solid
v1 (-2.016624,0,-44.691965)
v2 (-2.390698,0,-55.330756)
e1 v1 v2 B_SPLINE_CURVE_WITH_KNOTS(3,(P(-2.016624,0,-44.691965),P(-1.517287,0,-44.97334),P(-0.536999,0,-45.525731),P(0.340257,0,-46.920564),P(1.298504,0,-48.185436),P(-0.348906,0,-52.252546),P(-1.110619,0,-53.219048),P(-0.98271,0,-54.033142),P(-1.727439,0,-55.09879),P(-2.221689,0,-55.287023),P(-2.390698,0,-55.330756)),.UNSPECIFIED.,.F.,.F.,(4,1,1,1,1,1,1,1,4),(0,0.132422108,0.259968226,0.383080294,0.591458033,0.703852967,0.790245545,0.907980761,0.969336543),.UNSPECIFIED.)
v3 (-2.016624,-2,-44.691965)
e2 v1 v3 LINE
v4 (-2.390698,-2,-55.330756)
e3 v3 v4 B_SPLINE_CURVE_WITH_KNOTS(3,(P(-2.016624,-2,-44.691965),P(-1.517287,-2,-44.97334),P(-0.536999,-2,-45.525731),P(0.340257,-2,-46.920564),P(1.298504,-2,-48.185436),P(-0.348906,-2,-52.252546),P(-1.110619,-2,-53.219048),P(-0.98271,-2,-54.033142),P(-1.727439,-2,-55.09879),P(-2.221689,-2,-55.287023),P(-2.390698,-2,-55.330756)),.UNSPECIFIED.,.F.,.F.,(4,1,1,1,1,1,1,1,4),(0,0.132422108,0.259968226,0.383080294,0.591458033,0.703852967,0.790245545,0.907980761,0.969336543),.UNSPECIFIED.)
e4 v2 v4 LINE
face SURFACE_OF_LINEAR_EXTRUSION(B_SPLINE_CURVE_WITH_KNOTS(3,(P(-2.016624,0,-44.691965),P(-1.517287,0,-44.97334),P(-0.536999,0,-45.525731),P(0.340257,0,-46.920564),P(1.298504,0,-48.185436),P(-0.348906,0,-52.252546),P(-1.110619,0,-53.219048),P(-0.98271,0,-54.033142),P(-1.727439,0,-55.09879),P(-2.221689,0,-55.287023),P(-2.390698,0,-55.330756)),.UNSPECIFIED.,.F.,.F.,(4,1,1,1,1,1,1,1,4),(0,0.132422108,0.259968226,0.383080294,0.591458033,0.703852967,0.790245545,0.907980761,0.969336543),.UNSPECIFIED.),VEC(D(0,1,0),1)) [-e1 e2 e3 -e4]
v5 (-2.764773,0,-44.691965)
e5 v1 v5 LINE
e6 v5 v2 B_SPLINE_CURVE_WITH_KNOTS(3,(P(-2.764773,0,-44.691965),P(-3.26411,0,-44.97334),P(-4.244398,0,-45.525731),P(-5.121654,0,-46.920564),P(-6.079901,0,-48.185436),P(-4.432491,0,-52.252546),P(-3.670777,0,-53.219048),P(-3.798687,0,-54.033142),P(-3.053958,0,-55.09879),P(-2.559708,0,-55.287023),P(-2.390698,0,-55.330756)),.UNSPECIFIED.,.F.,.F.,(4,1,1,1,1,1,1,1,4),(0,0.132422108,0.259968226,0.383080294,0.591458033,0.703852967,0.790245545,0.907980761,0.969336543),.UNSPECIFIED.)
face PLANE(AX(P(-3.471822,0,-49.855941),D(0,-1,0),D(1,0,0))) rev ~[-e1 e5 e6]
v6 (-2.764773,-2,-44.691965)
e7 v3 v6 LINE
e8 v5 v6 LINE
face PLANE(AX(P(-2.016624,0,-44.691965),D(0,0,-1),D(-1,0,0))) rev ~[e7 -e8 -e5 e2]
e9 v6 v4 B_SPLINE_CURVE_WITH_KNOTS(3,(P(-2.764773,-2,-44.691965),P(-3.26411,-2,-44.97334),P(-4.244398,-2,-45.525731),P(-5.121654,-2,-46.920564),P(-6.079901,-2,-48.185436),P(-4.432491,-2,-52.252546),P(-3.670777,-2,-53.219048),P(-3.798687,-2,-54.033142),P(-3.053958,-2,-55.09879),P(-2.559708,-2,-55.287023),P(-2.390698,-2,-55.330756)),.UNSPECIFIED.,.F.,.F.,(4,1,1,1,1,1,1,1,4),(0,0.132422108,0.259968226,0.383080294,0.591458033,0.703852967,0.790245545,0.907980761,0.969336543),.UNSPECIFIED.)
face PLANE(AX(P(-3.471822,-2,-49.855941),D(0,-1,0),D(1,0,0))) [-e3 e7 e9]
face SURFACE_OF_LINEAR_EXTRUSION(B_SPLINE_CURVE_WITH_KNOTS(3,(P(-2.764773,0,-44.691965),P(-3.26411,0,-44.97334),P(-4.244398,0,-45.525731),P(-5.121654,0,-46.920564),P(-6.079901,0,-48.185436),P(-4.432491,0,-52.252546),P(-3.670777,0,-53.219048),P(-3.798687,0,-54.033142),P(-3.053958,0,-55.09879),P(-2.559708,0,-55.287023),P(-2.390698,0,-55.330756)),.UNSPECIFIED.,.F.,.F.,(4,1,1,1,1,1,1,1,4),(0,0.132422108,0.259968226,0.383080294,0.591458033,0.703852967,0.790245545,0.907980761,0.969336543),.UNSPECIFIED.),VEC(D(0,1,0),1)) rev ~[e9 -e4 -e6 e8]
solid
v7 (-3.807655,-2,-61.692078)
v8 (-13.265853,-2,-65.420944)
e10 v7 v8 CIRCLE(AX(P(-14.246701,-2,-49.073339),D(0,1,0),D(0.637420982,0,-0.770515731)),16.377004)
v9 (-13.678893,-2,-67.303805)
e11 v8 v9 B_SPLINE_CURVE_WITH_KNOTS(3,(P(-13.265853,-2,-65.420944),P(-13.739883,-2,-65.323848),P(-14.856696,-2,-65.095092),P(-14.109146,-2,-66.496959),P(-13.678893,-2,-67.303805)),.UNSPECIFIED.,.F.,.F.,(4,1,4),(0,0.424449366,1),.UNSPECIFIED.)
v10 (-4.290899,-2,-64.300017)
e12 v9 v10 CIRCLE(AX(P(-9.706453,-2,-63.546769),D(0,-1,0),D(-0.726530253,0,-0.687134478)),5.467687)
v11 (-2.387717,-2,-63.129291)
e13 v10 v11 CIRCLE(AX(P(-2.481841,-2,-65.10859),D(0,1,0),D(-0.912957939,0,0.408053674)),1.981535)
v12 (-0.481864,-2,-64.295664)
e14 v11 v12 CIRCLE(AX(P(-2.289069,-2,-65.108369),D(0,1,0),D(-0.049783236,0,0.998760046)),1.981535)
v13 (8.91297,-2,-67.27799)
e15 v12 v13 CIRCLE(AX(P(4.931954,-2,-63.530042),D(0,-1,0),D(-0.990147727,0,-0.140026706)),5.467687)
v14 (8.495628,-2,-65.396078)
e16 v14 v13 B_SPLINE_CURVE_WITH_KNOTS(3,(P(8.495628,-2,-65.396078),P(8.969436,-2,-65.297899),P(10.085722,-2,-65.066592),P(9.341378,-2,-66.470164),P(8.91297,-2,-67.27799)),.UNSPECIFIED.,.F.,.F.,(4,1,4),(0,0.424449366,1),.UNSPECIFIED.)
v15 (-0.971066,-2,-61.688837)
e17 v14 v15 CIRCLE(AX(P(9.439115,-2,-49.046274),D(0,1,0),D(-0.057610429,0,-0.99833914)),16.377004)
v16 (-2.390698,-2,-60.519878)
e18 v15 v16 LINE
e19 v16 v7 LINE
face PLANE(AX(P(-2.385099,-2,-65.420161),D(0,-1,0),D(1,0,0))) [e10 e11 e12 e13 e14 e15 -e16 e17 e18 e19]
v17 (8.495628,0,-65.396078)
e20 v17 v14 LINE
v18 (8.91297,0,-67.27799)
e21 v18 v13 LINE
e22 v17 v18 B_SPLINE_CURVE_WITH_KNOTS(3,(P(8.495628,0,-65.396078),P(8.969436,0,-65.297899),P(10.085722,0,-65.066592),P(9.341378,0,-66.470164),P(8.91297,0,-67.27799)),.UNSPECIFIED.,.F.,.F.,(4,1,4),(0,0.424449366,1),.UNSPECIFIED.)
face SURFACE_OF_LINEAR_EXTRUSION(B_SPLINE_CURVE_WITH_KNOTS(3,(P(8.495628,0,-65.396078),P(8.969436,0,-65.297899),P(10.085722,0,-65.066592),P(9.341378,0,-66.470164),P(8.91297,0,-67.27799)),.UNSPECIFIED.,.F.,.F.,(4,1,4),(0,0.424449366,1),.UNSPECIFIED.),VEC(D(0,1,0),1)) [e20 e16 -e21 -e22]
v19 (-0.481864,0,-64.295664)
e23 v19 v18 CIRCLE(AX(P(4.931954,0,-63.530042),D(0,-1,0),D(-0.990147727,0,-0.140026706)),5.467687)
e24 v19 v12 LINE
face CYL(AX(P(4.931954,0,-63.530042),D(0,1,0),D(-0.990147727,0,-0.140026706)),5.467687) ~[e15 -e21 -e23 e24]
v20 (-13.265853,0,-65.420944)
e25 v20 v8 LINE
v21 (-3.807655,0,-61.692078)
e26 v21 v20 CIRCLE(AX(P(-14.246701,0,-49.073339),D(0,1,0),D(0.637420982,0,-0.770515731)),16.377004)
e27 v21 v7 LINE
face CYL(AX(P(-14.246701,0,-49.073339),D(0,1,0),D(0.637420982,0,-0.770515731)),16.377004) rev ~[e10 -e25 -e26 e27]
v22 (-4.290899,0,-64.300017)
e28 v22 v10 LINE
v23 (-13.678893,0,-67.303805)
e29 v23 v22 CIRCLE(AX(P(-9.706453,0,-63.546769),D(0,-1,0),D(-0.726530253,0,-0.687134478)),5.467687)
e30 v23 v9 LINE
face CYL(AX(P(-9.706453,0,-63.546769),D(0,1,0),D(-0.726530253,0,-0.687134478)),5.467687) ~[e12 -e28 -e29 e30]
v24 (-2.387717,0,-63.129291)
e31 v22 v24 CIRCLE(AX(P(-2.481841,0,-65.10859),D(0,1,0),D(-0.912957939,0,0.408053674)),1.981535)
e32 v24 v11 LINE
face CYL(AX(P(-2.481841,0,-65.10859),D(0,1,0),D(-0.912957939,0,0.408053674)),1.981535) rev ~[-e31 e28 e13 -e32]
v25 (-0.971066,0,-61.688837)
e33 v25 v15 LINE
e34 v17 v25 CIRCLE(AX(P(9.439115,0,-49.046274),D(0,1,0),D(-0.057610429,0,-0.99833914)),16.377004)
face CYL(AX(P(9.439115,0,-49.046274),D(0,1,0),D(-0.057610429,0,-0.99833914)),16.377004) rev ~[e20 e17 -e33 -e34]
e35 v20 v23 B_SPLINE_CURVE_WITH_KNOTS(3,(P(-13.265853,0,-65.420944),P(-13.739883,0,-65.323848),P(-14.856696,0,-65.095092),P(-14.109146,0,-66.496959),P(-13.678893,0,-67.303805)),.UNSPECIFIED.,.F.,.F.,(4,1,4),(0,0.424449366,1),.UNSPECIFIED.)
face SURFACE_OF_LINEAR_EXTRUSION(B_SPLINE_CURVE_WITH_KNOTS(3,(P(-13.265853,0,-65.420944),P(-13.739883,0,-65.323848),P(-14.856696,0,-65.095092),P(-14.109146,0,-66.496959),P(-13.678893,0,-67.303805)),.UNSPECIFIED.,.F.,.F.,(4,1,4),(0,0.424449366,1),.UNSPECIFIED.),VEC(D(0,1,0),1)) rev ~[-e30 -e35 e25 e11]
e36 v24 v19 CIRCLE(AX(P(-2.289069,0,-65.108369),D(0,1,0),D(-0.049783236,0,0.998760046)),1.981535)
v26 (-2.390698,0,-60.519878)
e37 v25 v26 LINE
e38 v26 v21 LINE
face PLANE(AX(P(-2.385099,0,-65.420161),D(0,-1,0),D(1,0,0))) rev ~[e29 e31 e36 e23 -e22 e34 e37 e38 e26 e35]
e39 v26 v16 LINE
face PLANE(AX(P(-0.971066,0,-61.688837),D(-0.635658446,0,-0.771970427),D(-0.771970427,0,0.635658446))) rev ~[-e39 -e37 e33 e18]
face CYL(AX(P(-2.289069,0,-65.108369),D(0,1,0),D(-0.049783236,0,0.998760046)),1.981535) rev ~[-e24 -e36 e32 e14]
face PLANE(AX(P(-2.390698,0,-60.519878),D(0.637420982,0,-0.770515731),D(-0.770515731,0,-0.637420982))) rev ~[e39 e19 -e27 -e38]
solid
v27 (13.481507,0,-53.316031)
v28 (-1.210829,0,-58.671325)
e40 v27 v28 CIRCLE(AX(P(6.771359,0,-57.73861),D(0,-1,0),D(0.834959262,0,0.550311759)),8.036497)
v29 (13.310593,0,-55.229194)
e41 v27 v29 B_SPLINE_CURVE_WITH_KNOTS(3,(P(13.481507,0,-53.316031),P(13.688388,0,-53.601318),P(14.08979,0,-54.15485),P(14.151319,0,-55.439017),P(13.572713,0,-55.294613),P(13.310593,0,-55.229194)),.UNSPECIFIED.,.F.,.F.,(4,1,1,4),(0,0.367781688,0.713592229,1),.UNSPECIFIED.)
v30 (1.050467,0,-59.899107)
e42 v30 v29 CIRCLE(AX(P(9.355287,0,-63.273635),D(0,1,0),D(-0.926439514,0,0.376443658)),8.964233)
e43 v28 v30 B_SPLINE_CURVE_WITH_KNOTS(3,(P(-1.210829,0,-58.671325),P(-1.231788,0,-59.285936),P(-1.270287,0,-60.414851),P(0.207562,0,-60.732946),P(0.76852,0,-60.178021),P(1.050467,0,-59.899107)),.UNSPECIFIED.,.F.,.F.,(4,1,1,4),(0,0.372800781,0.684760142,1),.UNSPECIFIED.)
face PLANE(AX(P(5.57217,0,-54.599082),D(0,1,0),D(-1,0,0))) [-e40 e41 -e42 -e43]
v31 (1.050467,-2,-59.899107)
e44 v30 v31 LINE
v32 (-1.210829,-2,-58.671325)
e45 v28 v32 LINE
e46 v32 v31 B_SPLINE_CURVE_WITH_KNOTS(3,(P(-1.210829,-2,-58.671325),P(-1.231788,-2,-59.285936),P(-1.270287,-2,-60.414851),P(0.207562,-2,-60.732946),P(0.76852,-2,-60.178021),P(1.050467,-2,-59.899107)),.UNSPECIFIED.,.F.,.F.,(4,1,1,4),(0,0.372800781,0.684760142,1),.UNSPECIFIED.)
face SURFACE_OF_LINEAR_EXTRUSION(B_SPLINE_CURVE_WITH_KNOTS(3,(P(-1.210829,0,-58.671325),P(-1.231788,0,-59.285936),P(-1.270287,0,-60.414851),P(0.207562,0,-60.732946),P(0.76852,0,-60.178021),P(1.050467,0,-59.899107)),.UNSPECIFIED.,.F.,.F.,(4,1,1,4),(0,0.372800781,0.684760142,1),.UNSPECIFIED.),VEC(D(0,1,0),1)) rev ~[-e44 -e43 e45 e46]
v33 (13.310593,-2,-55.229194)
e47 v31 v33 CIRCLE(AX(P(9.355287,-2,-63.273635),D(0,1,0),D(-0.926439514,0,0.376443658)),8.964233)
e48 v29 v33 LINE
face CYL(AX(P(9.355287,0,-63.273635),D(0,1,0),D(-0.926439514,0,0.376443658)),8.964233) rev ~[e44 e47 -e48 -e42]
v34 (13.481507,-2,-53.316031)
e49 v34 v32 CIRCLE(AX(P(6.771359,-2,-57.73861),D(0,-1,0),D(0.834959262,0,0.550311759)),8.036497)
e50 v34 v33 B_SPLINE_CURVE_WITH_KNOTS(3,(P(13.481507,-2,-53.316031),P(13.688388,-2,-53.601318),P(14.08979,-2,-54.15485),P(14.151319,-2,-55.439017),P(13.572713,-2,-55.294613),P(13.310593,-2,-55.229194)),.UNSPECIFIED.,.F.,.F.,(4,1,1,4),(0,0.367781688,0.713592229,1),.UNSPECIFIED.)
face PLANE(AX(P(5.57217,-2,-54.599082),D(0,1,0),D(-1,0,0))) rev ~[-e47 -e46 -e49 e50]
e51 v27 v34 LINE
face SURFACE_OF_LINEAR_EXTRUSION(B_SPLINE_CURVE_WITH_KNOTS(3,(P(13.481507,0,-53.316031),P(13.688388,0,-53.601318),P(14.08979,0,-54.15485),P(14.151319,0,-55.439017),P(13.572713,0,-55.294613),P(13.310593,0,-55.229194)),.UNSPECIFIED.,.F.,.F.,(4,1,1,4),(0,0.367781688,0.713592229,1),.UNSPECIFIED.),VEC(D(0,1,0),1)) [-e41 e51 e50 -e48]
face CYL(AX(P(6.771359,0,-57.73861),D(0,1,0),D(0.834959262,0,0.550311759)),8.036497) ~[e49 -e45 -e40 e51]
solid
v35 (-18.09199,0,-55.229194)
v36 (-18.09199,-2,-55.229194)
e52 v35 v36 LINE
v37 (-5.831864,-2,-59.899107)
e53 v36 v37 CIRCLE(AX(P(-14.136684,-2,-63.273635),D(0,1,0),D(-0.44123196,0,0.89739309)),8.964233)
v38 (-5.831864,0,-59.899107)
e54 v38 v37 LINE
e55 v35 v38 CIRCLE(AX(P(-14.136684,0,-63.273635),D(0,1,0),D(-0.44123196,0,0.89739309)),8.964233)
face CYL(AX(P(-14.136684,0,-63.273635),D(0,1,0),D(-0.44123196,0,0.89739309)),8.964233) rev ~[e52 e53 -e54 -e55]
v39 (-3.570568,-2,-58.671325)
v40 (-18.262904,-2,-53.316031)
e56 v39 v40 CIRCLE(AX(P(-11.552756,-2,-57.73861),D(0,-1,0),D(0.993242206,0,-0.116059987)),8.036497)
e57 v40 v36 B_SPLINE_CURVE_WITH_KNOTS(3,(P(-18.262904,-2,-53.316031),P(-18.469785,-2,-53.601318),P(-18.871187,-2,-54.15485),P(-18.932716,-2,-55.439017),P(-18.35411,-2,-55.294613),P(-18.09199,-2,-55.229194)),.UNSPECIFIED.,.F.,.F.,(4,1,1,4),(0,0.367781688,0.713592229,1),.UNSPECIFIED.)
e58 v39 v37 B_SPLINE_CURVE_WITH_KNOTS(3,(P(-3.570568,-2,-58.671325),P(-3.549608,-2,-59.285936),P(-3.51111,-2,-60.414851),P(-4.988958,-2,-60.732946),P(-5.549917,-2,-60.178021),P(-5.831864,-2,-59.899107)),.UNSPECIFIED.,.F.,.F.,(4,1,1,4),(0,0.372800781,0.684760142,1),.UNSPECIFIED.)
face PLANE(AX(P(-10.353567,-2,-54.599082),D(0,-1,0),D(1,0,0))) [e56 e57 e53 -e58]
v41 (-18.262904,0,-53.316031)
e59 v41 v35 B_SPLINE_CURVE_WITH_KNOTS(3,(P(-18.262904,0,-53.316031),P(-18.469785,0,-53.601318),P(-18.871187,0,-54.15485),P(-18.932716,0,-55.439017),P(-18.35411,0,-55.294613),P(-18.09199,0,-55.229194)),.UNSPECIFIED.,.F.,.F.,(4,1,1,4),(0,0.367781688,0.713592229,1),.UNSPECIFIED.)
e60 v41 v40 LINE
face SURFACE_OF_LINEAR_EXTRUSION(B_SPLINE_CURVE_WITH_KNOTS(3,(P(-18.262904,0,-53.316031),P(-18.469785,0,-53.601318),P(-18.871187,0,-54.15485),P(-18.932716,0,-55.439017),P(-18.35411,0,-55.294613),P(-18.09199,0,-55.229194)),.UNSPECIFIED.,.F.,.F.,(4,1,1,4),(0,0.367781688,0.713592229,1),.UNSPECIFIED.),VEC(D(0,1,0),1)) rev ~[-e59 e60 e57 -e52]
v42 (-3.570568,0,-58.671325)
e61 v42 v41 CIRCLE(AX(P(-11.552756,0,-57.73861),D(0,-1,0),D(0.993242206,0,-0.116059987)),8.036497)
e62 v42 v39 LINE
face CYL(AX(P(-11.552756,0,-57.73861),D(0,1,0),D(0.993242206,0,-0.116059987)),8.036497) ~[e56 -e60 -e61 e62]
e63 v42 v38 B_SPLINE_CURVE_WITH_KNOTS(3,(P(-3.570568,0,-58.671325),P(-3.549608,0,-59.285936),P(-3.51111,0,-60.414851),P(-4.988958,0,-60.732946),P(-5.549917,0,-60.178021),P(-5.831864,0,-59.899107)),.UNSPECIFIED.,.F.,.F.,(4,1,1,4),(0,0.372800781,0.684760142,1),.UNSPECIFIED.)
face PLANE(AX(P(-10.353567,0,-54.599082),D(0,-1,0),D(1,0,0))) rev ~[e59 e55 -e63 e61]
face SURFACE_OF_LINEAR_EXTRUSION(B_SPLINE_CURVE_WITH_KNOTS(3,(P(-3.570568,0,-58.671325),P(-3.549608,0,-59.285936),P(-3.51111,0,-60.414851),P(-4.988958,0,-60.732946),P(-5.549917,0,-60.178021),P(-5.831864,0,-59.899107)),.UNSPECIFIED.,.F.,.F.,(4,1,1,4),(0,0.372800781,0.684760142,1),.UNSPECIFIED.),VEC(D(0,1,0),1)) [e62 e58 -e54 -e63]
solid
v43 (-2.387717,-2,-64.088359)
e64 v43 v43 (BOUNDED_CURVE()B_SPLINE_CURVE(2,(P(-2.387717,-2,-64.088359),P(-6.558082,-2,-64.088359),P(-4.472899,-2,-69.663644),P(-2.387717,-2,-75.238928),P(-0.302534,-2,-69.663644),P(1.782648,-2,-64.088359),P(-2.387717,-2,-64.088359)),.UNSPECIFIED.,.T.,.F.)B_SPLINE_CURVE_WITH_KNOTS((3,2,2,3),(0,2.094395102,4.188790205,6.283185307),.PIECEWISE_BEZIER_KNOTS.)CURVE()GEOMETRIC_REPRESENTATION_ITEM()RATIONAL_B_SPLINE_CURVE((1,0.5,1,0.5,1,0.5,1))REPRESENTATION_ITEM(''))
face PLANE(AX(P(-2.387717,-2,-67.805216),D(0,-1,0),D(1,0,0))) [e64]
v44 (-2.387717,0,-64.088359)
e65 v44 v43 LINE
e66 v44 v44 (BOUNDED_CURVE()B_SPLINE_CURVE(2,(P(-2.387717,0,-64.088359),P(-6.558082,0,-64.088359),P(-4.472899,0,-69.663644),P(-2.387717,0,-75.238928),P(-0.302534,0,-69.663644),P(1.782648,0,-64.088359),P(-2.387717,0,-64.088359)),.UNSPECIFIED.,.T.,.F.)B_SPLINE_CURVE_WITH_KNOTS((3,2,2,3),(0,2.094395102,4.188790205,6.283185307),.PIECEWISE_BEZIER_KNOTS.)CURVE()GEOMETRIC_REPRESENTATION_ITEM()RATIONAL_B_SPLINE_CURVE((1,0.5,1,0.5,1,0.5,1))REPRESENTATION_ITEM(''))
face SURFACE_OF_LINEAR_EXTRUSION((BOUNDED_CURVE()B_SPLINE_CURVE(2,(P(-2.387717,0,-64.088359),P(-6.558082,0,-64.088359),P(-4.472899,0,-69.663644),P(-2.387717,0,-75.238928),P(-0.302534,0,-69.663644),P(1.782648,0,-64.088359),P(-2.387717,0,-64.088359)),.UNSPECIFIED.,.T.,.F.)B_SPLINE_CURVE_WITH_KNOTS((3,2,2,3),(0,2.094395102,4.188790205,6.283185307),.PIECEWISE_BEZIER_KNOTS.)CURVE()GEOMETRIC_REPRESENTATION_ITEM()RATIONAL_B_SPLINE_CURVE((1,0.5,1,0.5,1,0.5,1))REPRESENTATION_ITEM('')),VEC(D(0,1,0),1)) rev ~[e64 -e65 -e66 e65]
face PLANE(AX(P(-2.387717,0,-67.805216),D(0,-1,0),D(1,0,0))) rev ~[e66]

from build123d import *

# Parameters (mm, degrees)
F1_DEPTH = 2


with BuildPart() as f1:
    # F0 (on Front) → F1 (new body)
    with BuildSketch(Plane.XZ):
        with BuildLine():
            ThreePointArc((-18.0919896811, -55.2291944623), (-10.9458235901, -54.8965303051), (-5.8318637311, -59.8991066217))
            add(Edge.make_bspline(
                [(-3.5705678165, -58.6713254452), (-3.5496082749, -59.2859355832), (-3.5111098077, -60.4148509372), (-4.9889583016, -60.732946334), (-5.5499172433, -60.1780206851), (-5.8318637311, -59.8991066217)],
                knots=[0, 0, 0, 0, 0.3728007809, 0.6847601421, 1, 1, 1, 1], degree=3))
            ThreePointArc((-3.5705678165, -58.6713254452), (-8.8006084463, -50.1880485591), (-18.2629041374, -53.3160306513))
            add(Edge.make_bspline(
                [(-18.2629041374, -53.3160306513), (-18.4697846701, -53.6013179281), (-18.8711867665, -54.1548495216), (-18.9327157142, -55.4390173228), (-18.3541098992, -55.2946126982), (-18.0919896811, -55.2291944623)],
                knots=[0, 0, 0, 0, 0.3677816877, 0.7135922288, 1, 1, 1, 1], degree=3))
        make_face()
    extrude(amount=F1_DEPTH)


with BuildPart() as f1b:
    # F0 (on Front) → F1, piece 2 (new body)
    with BuildSketch(Plane.XZ):
        with BuildLine():
            ThreePointArc((8.4956283298, -65.3960779309), (3.4673185055, -64.2956643723), (-0.9710662217, -61.688836664))
            Line((-0.9710662217, -61.688836664), (-2.3906983761, -60.5198784534))
            Line((-2.3906983761, -60.5198784534), (-3.8076553843, -61.6920779196))
            ThreePointArc((-3.8076553843, -61.6920779196), (-8.2400710963, -64.3090419325), (-13.2658529971, -65.4209438947))
            add(Edge.make_bspline(
                [(-13.2658529971, -65.4209438947), (-13.7398833858, -65.3238484522), (-14.8566959584, -65.095092209), (-14.1091456657, -66.4969594875), (-13.678892621, -67.3038050882)],
                knots=[0, 0, 0, 0, 0.4244493662, 1, 1, 1, 1], degree=3))
            ThreePointArc((-13.678892621, -67.3038050882), (-8.0402203766, -68.7543854385), (-4.2908993589, -64.3000168033))
            ThreePointArc((-4.2908993589, -64.3000168033), (-3.5200603549, -63.4208150699), (-2.3877167061, -63.1292909384))
            ThreePointArc((-2.3877167061, -63.1292909384), (-1.2547097894, -63.4182265455), (-0.4818635445, -64.2956643723))
            ThreePointArc((-0.4818635445, -64.2956643723), (3.2776273226, -68.7414529921), (8.9129698079, -67.2779902816))
            add(Edge.make_bspline(
                [(8.4956283298, -65.3960779309), (8.9694355868, -65.2978994327), (10.0857224628, -65.0665915171), (9.341377832, -66.4701635237), (8.9129698079, -67.2779902816)],
                knots=[0, 0, 0, 0, 0.4244493662, 1, 1, 1, 1], degree=3))
        make_face()
    extrude(amount=F1_DEPTH)


with BuildPart() as f1c:
    # F0 (on Front) → F1, piece 3 (new body)
    with BuildSketch(Plane.XZ):
        with BuildLine():
            Line((-2.3906983761, -44.6919649839), (-2.7647726238, -44.6919649839))
            add(Edge.make_bspline(
                [(-2.7647726238, -44.6919649839), (-3.2641099199, -44.9733404241), (-4.2443981266, -45.5257306178), (-5.121654191, -46.9205636641), (-6.0799012484, -48.1854359933), (-4.4324907097, -52.2525460687), (-3.6707774763, -53.2190479357), (-3.7986865588, -54.0331424262), (-3.0539579851, -55.098790223), (-2.5597081239, -55.2870226826), (-2.3906983761, -55.3307562244)],
                knots=[0, 0, 0, 0, 0.1324221084, 0.2599682262, 0.3830802944, 0.5914580326, 0.7038529671, 0.7902455452, 0.9079807609, 0.9693365425, 0.9693365425, 0.9693365425, 0.9693365425], degree=3))
            Line((-2.3906983761, -55.3307562244), (-2.3906983761, -44.6919649839))
        make_face()
        with BuildLine():
            Line((-2.3906983761, -44.6919649839), (-2.3906983761, -55.3307562244))
            add(Edge.make_bspline(
                [(-2.0166241284, -44.6919649839), (-1.5172868323, -44.9733404241), (-0.5369986255, -45.5257306178), (0.3402574388, -46.9205636641), (1.2985044962, -48.1854359933), (-0.3489060424, -52.2525460687), (-1.1106192759, -53.2190479357), (-0.9827101934, -54.0331424262), (-1.727438767, -55.098790223), (-2.2216886283, -55.2870226826), (-2.3906983761, -55.3307562244)],
                knots=[0, 0, 0, 0, 0.1324221084, 0.2599682262, 0.3830802944, 0.5914580326, 0.7038529671, 0.7902455452, 0.9079807609, 0.9693365425, 0.9693365425, 0.9693365425, 0.9693365425], degree=3))
            Line((-2.0166241284, -44.6919649839), (-2.3906983761, -44.6919649839))
        make_face()
    extrude(amount=F1_DEPTH)


with BuildPart() as f1d:
    # F0 (on Front) → F1, piece 4 (new body)
    with BuildSketch(Plane.XZ):
        with BuildLine():
            add(Edge.make_bspline(
                [(-2.3877167061, -64.0883594751), (-6.5580815108, -64.0883594751), (-4.4728991084, -69.663643837), (-2.3877167061, -75.2389281988), (-0.3025343037, -69.663643837), (1.7826480987, -64.0883594751), (-2.3877167061, -64.0883594751)],
                knots=[0, 0, 0, 2.0943951024, 2.0943951024, 4.1887902048, 4.1887902048, 6.2831853072, 6.2831853072, 6.2831853072], degree=2, weights=[1, 0.5, 1, 0.5, 1, 0.5, 1]))
        make_face()
    extrude(amount=F1_DEPTH)


with BuildPart() as f1e:
    # F0 (on Front) → F1, piece 5 (new body)
    with BuildSketch(Plane.XZ):
        with BuildLine():
            add(Edge.make_bspline(
                [(13.4815073852, -53.3160306513), (13.688387918, -53.6013179281), (14.0897900144, -54.1548495216), (14.1513189621, -55.4390173228), (13.5727131471, -55.2946126982), (13.310592929, -55.2291944623)],
                knots=[0, 0, 0, 0, 0.3677816877, 0.7135922288, 1, 1, 1, 1], degree=3))
            ThreePointArc((13.4815073852, -53.3160306513), (4.0192116942, -50.1880485591), (-1.2108289356, -58.6713254452))
            add(Edge.make_bspline(
                [(-1.2108289356, -58.6713254452), (-1.2317884772, -59.2859355832), (-1.2702869445, -60.4148509372), (0.2075615495, -60.732946334), (0.7685204911, -60.1780206851), (1.050466979, -59.8991066217)],
                knots=[0, 0, 0, 0, 0.3728007809, 0.6847601421, 1, 1, 1, 1], degree=3))
            ThreePointArc((1.050466979, -59.8991066217), (6.1644268379, -54.8965303051), (13.310592929, -55.2291944623))
        make_face()
    extrude(amount=F1_DEPTH)


solid = Compound([f1.part, f1b.part, f1c.part, f1d.part, f1e.part])
